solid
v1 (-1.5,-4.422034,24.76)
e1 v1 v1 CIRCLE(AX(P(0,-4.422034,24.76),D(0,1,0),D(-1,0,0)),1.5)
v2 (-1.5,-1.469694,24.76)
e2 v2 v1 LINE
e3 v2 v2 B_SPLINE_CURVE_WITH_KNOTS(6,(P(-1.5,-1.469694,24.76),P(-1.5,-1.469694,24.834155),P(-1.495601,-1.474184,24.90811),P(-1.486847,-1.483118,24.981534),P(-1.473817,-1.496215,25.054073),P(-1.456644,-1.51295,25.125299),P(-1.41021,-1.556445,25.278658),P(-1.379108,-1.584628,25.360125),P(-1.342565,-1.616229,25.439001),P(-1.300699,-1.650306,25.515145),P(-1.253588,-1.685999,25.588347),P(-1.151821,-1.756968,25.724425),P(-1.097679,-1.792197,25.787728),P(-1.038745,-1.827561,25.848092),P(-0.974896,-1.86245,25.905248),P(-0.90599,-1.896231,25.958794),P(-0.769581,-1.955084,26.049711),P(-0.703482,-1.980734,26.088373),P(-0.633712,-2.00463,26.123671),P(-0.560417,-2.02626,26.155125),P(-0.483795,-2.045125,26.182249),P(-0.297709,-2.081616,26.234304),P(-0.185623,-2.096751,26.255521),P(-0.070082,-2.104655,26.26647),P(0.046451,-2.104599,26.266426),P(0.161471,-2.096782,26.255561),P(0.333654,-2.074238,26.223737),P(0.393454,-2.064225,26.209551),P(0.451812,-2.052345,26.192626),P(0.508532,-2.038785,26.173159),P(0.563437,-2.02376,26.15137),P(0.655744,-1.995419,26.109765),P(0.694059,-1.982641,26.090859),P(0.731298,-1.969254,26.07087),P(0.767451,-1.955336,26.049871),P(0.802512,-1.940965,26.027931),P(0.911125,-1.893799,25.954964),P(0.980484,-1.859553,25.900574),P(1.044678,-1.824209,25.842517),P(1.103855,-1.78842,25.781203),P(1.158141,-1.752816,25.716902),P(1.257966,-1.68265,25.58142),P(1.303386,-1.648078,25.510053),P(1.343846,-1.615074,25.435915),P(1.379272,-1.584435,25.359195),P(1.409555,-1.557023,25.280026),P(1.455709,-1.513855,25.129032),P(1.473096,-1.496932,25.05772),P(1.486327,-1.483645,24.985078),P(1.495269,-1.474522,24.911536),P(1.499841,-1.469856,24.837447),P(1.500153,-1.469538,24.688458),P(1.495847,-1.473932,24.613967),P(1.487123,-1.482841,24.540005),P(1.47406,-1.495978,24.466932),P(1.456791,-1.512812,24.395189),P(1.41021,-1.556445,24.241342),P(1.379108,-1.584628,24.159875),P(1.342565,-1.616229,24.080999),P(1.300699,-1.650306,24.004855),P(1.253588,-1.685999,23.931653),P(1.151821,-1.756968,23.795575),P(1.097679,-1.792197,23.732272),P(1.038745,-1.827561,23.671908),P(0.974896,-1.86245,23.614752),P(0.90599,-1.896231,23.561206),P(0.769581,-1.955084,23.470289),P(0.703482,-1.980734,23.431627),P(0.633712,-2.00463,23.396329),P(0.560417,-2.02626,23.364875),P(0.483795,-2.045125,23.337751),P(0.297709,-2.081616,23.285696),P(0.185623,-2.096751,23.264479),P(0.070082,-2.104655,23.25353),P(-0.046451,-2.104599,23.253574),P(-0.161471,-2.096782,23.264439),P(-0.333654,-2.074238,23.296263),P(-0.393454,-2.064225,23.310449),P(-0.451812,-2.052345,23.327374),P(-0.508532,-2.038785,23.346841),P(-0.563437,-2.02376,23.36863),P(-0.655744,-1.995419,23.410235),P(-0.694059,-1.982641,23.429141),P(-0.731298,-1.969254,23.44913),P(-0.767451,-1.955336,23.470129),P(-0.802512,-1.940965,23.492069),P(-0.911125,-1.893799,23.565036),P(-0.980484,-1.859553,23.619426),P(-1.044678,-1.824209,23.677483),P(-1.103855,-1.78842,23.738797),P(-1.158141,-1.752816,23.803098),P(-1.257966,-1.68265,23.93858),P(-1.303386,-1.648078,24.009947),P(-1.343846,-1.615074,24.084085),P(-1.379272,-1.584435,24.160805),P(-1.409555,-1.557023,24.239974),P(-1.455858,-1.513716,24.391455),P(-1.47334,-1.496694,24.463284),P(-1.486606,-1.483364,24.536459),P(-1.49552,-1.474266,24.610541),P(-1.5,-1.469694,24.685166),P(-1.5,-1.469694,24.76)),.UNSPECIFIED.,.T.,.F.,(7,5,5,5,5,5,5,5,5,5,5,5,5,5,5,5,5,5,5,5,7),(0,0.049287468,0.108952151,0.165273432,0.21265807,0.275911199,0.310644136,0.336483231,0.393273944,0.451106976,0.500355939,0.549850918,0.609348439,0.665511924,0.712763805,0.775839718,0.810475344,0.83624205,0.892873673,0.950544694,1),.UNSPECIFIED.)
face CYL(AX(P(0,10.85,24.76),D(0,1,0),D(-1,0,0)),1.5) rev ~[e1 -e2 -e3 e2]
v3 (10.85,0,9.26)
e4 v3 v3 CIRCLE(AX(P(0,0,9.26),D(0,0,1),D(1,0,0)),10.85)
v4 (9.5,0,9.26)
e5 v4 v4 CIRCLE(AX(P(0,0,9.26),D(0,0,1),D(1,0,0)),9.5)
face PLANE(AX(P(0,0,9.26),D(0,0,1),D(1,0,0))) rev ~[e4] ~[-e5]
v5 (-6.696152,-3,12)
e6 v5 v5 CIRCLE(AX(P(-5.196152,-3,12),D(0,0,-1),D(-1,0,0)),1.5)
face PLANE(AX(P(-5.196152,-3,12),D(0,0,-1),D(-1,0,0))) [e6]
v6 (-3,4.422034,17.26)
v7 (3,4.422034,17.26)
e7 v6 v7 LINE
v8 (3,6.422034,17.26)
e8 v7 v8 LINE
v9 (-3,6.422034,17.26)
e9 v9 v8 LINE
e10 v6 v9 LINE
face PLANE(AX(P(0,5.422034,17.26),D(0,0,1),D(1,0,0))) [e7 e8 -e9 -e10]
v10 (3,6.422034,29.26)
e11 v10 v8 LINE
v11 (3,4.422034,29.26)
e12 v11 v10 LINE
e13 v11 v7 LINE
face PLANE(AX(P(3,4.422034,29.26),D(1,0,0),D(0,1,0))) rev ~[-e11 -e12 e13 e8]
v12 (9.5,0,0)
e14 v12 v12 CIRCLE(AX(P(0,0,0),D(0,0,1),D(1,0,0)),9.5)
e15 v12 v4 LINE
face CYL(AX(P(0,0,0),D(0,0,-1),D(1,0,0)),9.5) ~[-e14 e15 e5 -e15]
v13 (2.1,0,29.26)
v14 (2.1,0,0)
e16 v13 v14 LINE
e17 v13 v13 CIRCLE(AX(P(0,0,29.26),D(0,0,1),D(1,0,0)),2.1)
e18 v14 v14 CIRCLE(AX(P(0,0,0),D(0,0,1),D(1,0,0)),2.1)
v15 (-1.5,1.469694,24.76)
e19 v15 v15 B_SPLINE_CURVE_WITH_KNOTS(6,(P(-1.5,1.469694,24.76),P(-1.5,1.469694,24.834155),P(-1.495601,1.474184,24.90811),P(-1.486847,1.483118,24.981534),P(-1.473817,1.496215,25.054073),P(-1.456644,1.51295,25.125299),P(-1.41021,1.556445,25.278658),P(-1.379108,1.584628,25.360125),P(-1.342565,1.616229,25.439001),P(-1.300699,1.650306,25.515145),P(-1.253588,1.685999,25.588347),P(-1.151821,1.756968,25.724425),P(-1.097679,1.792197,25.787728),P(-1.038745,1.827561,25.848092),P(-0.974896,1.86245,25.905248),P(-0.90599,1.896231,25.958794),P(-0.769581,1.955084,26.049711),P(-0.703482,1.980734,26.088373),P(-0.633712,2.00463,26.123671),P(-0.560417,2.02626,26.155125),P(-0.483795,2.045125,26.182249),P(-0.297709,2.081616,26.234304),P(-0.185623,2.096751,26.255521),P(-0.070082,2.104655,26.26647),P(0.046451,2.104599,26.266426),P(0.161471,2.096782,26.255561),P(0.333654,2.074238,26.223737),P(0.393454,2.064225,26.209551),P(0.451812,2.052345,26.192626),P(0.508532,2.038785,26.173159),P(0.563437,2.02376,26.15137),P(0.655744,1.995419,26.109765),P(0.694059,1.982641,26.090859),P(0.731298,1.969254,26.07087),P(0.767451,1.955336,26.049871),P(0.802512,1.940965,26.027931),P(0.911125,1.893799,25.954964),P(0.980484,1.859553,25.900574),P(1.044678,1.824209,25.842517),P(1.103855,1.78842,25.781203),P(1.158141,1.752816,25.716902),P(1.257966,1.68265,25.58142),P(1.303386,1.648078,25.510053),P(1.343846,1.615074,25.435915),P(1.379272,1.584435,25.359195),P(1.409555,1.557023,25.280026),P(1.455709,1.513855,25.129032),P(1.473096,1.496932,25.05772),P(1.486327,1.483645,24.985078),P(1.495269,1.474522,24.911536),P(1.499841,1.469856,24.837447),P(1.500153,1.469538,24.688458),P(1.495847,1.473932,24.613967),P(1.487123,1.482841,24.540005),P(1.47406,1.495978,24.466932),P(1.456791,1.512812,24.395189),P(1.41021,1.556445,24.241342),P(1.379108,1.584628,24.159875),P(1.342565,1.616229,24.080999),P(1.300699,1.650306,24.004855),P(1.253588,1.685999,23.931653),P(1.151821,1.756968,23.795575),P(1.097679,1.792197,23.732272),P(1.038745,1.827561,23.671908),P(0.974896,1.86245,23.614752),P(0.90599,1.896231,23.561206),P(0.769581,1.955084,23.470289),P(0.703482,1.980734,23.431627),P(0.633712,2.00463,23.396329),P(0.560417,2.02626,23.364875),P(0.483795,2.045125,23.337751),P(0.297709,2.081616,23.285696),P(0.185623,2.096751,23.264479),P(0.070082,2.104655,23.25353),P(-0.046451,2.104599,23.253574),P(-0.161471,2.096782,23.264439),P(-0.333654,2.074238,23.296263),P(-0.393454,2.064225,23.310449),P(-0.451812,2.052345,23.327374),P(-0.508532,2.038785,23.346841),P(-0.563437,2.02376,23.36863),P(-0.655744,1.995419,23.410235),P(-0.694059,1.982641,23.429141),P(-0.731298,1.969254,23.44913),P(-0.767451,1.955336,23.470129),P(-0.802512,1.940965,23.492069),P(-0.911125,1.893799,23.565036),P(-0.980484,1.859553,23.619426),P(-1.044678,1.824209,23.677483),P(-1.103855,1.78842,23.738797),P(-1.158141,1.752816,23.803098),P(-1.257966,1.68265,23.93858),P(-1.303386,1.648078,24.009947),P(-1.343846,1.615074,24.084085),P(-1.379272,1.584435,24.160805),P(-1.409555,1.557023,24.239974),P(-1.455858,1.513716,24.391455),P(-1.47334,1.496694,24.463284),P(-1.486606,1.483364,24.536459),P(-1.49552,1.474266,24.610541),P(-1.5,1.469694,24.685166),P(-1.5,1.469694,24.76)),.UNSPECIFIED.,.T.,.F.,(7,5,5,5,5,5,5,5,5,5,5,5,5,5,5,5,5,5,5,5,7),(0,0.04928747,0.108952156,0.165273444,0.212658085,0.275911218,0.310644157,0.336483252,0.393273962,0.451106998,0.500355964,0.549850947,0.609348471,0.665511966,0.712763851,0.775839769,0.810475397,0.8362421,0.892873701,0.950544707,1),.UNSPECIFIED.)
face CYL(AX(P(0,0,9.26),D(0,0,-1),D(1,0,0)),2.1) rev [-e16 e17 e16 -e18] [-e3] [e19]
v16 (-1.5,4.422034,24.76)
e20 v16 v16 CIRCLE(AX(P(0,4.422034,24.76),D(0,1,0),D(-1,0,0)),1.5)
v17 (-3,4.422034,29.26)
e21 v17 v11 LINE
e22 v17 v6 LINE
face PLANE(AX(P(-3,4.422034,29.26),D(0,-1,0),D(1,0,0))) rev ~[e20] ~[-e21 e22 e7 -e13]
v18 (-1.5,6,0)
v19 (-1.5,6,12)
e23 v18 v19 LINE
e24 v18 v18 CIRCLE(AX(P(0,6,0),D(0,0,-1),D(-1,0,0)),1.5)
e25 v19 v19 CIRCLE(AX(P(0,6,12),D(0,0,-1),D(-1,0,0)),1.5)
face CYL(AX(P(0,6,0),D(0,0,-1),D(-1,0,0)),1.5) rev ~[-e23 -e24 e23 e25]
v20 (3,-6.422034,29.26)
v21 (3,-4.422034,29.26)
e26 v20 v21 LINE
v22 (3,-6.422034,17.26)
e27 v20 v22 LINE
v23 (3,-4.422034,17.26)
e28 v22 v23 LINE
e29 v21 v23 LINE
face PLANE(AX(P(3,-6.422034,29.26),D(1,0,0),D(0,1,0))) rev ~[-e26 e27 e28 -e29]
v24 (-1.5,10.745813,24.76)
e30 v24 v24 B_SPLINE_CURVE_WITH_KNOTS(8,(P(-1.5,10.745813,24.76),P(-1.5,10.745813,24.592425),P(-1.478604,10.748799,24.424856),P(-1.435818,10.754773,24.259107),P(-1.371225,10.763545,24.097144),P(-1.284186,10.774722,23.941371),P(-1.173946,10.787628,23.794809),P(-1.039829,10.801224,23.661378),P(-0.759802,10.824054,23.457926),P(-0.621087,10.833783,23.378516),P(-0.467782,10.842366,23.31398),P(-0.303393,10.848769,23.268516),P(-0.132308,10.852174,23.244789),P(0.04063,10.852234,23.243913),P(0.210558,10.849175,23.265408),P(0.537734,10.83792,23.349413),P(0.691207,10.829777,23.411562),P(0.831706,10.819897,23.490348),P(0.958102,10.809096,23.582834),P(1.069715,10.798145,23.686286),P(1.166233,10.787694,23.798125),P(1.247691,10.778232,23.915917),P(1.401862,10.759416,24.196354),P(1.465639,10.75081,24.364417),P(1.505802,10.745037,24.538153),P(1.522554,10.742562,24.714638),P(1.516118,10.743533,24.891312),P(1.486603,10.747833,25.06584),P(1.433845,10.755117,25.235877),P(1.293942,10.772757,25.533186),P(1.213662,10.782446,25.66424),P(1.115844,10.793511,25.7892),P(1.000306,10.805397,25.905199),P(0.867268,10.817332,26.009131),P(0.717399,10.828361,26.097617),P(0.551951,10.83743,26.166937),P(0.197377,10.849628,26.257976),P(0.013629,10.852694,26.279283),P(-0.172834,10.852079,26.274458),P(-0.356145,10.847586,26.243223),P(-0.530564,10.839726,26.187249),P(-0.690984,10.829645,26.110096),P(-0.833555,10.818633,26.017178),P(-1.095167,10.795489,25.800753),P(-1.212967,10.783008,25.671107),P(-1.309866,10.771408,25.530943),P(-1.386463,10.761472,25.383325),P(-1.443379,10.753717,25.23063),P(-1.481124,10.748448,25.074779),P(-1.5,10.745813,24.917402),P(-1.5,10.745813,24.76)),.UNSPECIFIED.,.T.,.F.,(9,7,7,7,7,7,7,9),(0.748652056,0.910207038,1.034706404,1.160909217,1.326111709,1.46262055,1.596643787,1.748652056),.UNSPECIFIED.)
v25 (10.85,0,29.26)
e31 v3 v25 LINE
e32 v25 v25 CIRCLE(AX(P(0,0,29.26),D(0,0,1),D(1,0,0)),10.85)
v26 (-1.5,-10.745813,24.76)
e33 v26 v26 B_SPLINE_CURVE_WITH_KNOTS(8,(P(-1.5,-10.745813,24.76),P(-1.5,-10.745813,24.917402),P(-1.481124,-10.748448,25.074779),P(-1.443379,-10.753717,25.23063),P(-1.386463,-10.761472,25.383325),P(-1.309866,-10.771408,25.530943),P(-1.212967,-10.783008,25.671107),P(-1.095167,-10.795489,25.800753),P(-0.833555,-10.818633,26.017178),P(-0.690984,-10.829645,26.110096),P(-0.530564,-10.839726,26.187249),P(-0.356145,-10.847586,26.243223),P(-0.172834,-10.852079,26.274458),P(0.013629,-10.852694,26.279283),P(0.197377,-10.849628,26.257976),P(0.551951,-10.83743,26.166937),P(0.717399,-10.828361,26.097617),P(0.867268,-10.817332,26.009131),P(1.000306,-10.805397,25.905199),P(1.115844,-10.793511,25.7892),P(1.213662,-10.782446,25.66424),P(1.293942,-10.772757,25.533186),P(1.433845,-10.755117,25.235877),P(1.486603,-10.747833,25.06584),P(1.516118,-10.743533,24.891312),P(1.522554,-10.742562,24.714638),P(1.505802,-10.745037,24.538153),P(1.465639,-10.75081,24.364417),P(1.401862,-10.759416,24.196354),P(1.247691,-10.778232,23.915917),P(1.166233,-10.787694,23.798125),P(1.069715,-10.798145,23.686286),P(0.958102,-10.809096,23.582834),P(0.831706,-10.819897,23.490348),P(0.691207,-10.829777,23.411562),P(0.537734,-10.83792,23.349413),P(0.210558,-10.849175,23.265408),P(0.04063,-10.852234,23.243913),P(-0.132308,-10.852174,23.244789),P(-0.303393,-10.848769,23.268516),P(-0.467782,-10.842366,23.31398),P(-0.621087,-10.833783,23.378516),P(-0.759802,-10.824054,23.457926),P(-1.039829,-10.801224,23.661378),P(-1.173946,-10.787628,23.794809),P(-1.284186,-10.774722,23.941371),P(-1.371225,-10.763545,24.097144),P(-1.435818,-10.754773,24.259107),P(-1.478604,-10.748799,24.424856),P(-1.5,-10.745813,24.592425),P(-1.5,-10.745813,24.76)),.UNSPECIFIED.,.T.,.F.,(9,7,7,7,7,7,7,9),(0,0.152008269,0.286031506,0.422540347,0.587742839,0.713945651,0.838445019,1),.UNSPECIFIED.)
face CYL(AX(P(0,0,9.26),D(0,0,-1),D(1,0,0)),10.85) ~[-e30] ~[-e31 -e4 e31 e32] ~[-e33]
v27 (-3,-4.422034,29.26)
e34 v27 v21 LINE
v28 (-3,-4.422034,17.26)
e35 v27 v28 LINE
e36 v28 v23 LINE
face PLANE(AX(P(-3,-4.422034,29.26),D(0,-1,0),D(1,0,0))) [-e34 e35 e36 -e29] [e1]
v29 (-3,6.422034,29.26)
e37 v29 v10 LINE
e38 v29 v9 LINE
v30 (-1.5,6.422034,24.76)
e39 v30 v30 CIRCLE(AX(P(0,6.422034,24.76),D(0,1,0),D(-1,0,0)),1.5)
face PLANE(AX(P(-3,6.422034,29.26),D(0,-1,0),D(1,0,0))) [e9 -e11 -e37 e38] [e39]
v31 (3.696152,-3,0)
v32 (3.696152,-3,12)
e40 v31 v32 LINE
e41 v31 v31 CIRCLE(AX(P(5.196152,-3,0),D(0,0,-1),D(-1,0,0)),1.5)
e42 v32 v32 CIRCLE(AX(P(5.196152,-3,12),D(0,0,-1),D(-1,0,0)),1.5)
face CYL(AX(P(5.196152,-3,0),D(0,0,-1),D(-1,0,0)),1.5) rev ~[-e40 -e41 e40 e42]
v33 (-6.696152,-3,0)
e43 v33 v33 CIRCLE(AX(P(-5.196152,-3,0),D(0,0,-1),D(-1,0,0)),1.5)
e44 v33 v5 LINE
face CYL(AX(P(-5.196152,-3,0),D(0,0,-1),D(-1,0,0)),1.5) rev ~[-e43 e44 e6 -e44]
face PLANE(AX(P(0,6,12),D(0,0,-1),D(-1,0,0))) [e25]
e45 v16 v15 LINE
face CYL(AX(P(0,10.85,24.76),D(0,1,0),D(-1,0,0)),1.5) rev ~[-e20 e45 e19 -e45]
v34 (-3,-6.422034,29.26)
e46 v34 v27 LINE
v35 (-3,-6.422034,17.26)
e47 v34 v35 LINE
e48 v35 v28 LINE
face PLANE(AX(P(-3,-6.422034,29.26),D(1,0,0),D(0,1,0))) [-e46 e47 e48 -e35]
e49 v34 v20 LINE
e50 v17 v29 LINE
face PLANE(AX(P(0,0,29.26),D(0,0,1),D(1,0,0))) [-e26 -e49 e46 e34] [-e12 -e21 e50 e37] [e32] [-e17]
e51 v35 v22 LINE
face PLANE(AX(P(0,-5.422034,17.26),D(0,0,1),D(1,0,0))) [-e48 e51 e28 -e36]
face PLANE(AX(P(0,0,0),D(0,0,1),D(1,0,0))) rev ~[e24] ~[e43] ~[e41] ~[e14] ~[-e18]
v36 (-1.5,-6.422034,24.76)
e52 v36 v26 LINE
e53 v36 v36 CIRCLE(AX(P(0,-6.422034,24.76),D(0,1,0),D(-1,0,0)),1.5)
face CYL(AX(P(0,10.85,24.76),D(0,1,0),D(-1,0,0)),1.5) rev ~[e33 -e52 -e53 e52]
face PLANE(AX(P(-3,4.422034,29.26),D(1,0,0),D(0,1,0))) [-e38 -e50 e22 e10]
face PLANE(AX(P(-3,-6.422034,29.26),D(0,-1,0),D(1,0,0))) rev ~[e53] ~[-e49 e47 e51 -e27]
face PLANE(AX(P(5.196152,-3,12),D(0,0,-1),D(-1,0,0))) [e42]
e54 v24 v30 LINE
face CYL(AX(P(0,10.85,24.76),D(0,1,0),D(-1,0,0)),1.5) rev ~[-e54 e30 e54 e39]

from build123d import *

# Parameters (mm, degrees)
SKETCH1_R           = 9.5
SKETCH1_R_2         = 2.1
BOSS_EXTRUDE1_DEPTH = 9.26
SKETCH2_R           = 10.85
SKETCH2_R_2         = 2.1
BOSS_EXTRUDE2_DEPTH = 20
SKETCH3_W           = 6
SKETCH3_H           = 2
CUT_EXTRUDE1_DEPTH  = 12
SKETCH4_R           = 1.5
CUT_EXTRUDE2_DEPTH  = 39.01
SKETCH5_R           = 1.5
CUT_EXTRUDE3_DEPTH  = 12


with BuildPart() as part:
    # Sketch1 → Boss-Extrude1 (new body)
    with BuildSketch(Plane.XY):
        Circle(SKETCH1_R)
        Circle(SKETCH1_R_2, mode=Mode.SUBTRACT)
    extrude(amount=BOSS_EXTRUDE1_DEPTH)

    # Sketch2 → Boss-Extrude2 (add)
    with BuildSketch(Plane.XY.offset(9.26)):
        Circle(SKETCH2_R)
        Circle(SKETCH2_R_2, mode=Mode.SUBTRACT)
    extrude(amount=BOSS_EXTRUDE2_DEPTH)

    # Sketch3 → Cut-Extrude1 (cut)
    with BuildSketch(Plane.XY.offset(29.26)):
        with Locations((0, 5.422033923)):
            Rectangle(SKETCH3_W, SKETCH3_H)
        with Locations((0, -5.422033923)):
            Rectangle(SKETCH3_W, SKETCH3_H)
    extrude(amount=-CUT_EXTRUDE1_DEPTH, mode=Mode.SUBTRACT)

    # Sketch4 → Cut-Extrude2 (cut, through all)
    with BuildSketch(Plane(origin=(0, 10.85, 0), x_dir=(1, 0, 0), z_dir=(0, 1, 0))):
        with Locations(Location((0, -24.76, 0), (0, 0, 180))):
            Circle(SKETCH4_R)
    extrude(amount=-CUT_EXTRUDE2_DEPTH, mode=Mode.SUBTRACT)

    # Sketch5 → Cut-Extrude3 (cut)
    with BuildSketch(Plane(origin=(0, 0, 0), x_dir=(-1, 0, 0), z_dir=(0, 0, -1))):
        with Locations((0, 6)):
            Circle(SKETCH5_R)
        with Locations((5.196152423, -3)):
            Circle(SKETCH5_R)
        with Locations((-5.196152423, -3)):
            Circle(SKETCH5_R)
    extrude(amount=-CUT_EXTRUDE3_DEPTH, mode=Mode.SUBTRACT)


solid = part.part
